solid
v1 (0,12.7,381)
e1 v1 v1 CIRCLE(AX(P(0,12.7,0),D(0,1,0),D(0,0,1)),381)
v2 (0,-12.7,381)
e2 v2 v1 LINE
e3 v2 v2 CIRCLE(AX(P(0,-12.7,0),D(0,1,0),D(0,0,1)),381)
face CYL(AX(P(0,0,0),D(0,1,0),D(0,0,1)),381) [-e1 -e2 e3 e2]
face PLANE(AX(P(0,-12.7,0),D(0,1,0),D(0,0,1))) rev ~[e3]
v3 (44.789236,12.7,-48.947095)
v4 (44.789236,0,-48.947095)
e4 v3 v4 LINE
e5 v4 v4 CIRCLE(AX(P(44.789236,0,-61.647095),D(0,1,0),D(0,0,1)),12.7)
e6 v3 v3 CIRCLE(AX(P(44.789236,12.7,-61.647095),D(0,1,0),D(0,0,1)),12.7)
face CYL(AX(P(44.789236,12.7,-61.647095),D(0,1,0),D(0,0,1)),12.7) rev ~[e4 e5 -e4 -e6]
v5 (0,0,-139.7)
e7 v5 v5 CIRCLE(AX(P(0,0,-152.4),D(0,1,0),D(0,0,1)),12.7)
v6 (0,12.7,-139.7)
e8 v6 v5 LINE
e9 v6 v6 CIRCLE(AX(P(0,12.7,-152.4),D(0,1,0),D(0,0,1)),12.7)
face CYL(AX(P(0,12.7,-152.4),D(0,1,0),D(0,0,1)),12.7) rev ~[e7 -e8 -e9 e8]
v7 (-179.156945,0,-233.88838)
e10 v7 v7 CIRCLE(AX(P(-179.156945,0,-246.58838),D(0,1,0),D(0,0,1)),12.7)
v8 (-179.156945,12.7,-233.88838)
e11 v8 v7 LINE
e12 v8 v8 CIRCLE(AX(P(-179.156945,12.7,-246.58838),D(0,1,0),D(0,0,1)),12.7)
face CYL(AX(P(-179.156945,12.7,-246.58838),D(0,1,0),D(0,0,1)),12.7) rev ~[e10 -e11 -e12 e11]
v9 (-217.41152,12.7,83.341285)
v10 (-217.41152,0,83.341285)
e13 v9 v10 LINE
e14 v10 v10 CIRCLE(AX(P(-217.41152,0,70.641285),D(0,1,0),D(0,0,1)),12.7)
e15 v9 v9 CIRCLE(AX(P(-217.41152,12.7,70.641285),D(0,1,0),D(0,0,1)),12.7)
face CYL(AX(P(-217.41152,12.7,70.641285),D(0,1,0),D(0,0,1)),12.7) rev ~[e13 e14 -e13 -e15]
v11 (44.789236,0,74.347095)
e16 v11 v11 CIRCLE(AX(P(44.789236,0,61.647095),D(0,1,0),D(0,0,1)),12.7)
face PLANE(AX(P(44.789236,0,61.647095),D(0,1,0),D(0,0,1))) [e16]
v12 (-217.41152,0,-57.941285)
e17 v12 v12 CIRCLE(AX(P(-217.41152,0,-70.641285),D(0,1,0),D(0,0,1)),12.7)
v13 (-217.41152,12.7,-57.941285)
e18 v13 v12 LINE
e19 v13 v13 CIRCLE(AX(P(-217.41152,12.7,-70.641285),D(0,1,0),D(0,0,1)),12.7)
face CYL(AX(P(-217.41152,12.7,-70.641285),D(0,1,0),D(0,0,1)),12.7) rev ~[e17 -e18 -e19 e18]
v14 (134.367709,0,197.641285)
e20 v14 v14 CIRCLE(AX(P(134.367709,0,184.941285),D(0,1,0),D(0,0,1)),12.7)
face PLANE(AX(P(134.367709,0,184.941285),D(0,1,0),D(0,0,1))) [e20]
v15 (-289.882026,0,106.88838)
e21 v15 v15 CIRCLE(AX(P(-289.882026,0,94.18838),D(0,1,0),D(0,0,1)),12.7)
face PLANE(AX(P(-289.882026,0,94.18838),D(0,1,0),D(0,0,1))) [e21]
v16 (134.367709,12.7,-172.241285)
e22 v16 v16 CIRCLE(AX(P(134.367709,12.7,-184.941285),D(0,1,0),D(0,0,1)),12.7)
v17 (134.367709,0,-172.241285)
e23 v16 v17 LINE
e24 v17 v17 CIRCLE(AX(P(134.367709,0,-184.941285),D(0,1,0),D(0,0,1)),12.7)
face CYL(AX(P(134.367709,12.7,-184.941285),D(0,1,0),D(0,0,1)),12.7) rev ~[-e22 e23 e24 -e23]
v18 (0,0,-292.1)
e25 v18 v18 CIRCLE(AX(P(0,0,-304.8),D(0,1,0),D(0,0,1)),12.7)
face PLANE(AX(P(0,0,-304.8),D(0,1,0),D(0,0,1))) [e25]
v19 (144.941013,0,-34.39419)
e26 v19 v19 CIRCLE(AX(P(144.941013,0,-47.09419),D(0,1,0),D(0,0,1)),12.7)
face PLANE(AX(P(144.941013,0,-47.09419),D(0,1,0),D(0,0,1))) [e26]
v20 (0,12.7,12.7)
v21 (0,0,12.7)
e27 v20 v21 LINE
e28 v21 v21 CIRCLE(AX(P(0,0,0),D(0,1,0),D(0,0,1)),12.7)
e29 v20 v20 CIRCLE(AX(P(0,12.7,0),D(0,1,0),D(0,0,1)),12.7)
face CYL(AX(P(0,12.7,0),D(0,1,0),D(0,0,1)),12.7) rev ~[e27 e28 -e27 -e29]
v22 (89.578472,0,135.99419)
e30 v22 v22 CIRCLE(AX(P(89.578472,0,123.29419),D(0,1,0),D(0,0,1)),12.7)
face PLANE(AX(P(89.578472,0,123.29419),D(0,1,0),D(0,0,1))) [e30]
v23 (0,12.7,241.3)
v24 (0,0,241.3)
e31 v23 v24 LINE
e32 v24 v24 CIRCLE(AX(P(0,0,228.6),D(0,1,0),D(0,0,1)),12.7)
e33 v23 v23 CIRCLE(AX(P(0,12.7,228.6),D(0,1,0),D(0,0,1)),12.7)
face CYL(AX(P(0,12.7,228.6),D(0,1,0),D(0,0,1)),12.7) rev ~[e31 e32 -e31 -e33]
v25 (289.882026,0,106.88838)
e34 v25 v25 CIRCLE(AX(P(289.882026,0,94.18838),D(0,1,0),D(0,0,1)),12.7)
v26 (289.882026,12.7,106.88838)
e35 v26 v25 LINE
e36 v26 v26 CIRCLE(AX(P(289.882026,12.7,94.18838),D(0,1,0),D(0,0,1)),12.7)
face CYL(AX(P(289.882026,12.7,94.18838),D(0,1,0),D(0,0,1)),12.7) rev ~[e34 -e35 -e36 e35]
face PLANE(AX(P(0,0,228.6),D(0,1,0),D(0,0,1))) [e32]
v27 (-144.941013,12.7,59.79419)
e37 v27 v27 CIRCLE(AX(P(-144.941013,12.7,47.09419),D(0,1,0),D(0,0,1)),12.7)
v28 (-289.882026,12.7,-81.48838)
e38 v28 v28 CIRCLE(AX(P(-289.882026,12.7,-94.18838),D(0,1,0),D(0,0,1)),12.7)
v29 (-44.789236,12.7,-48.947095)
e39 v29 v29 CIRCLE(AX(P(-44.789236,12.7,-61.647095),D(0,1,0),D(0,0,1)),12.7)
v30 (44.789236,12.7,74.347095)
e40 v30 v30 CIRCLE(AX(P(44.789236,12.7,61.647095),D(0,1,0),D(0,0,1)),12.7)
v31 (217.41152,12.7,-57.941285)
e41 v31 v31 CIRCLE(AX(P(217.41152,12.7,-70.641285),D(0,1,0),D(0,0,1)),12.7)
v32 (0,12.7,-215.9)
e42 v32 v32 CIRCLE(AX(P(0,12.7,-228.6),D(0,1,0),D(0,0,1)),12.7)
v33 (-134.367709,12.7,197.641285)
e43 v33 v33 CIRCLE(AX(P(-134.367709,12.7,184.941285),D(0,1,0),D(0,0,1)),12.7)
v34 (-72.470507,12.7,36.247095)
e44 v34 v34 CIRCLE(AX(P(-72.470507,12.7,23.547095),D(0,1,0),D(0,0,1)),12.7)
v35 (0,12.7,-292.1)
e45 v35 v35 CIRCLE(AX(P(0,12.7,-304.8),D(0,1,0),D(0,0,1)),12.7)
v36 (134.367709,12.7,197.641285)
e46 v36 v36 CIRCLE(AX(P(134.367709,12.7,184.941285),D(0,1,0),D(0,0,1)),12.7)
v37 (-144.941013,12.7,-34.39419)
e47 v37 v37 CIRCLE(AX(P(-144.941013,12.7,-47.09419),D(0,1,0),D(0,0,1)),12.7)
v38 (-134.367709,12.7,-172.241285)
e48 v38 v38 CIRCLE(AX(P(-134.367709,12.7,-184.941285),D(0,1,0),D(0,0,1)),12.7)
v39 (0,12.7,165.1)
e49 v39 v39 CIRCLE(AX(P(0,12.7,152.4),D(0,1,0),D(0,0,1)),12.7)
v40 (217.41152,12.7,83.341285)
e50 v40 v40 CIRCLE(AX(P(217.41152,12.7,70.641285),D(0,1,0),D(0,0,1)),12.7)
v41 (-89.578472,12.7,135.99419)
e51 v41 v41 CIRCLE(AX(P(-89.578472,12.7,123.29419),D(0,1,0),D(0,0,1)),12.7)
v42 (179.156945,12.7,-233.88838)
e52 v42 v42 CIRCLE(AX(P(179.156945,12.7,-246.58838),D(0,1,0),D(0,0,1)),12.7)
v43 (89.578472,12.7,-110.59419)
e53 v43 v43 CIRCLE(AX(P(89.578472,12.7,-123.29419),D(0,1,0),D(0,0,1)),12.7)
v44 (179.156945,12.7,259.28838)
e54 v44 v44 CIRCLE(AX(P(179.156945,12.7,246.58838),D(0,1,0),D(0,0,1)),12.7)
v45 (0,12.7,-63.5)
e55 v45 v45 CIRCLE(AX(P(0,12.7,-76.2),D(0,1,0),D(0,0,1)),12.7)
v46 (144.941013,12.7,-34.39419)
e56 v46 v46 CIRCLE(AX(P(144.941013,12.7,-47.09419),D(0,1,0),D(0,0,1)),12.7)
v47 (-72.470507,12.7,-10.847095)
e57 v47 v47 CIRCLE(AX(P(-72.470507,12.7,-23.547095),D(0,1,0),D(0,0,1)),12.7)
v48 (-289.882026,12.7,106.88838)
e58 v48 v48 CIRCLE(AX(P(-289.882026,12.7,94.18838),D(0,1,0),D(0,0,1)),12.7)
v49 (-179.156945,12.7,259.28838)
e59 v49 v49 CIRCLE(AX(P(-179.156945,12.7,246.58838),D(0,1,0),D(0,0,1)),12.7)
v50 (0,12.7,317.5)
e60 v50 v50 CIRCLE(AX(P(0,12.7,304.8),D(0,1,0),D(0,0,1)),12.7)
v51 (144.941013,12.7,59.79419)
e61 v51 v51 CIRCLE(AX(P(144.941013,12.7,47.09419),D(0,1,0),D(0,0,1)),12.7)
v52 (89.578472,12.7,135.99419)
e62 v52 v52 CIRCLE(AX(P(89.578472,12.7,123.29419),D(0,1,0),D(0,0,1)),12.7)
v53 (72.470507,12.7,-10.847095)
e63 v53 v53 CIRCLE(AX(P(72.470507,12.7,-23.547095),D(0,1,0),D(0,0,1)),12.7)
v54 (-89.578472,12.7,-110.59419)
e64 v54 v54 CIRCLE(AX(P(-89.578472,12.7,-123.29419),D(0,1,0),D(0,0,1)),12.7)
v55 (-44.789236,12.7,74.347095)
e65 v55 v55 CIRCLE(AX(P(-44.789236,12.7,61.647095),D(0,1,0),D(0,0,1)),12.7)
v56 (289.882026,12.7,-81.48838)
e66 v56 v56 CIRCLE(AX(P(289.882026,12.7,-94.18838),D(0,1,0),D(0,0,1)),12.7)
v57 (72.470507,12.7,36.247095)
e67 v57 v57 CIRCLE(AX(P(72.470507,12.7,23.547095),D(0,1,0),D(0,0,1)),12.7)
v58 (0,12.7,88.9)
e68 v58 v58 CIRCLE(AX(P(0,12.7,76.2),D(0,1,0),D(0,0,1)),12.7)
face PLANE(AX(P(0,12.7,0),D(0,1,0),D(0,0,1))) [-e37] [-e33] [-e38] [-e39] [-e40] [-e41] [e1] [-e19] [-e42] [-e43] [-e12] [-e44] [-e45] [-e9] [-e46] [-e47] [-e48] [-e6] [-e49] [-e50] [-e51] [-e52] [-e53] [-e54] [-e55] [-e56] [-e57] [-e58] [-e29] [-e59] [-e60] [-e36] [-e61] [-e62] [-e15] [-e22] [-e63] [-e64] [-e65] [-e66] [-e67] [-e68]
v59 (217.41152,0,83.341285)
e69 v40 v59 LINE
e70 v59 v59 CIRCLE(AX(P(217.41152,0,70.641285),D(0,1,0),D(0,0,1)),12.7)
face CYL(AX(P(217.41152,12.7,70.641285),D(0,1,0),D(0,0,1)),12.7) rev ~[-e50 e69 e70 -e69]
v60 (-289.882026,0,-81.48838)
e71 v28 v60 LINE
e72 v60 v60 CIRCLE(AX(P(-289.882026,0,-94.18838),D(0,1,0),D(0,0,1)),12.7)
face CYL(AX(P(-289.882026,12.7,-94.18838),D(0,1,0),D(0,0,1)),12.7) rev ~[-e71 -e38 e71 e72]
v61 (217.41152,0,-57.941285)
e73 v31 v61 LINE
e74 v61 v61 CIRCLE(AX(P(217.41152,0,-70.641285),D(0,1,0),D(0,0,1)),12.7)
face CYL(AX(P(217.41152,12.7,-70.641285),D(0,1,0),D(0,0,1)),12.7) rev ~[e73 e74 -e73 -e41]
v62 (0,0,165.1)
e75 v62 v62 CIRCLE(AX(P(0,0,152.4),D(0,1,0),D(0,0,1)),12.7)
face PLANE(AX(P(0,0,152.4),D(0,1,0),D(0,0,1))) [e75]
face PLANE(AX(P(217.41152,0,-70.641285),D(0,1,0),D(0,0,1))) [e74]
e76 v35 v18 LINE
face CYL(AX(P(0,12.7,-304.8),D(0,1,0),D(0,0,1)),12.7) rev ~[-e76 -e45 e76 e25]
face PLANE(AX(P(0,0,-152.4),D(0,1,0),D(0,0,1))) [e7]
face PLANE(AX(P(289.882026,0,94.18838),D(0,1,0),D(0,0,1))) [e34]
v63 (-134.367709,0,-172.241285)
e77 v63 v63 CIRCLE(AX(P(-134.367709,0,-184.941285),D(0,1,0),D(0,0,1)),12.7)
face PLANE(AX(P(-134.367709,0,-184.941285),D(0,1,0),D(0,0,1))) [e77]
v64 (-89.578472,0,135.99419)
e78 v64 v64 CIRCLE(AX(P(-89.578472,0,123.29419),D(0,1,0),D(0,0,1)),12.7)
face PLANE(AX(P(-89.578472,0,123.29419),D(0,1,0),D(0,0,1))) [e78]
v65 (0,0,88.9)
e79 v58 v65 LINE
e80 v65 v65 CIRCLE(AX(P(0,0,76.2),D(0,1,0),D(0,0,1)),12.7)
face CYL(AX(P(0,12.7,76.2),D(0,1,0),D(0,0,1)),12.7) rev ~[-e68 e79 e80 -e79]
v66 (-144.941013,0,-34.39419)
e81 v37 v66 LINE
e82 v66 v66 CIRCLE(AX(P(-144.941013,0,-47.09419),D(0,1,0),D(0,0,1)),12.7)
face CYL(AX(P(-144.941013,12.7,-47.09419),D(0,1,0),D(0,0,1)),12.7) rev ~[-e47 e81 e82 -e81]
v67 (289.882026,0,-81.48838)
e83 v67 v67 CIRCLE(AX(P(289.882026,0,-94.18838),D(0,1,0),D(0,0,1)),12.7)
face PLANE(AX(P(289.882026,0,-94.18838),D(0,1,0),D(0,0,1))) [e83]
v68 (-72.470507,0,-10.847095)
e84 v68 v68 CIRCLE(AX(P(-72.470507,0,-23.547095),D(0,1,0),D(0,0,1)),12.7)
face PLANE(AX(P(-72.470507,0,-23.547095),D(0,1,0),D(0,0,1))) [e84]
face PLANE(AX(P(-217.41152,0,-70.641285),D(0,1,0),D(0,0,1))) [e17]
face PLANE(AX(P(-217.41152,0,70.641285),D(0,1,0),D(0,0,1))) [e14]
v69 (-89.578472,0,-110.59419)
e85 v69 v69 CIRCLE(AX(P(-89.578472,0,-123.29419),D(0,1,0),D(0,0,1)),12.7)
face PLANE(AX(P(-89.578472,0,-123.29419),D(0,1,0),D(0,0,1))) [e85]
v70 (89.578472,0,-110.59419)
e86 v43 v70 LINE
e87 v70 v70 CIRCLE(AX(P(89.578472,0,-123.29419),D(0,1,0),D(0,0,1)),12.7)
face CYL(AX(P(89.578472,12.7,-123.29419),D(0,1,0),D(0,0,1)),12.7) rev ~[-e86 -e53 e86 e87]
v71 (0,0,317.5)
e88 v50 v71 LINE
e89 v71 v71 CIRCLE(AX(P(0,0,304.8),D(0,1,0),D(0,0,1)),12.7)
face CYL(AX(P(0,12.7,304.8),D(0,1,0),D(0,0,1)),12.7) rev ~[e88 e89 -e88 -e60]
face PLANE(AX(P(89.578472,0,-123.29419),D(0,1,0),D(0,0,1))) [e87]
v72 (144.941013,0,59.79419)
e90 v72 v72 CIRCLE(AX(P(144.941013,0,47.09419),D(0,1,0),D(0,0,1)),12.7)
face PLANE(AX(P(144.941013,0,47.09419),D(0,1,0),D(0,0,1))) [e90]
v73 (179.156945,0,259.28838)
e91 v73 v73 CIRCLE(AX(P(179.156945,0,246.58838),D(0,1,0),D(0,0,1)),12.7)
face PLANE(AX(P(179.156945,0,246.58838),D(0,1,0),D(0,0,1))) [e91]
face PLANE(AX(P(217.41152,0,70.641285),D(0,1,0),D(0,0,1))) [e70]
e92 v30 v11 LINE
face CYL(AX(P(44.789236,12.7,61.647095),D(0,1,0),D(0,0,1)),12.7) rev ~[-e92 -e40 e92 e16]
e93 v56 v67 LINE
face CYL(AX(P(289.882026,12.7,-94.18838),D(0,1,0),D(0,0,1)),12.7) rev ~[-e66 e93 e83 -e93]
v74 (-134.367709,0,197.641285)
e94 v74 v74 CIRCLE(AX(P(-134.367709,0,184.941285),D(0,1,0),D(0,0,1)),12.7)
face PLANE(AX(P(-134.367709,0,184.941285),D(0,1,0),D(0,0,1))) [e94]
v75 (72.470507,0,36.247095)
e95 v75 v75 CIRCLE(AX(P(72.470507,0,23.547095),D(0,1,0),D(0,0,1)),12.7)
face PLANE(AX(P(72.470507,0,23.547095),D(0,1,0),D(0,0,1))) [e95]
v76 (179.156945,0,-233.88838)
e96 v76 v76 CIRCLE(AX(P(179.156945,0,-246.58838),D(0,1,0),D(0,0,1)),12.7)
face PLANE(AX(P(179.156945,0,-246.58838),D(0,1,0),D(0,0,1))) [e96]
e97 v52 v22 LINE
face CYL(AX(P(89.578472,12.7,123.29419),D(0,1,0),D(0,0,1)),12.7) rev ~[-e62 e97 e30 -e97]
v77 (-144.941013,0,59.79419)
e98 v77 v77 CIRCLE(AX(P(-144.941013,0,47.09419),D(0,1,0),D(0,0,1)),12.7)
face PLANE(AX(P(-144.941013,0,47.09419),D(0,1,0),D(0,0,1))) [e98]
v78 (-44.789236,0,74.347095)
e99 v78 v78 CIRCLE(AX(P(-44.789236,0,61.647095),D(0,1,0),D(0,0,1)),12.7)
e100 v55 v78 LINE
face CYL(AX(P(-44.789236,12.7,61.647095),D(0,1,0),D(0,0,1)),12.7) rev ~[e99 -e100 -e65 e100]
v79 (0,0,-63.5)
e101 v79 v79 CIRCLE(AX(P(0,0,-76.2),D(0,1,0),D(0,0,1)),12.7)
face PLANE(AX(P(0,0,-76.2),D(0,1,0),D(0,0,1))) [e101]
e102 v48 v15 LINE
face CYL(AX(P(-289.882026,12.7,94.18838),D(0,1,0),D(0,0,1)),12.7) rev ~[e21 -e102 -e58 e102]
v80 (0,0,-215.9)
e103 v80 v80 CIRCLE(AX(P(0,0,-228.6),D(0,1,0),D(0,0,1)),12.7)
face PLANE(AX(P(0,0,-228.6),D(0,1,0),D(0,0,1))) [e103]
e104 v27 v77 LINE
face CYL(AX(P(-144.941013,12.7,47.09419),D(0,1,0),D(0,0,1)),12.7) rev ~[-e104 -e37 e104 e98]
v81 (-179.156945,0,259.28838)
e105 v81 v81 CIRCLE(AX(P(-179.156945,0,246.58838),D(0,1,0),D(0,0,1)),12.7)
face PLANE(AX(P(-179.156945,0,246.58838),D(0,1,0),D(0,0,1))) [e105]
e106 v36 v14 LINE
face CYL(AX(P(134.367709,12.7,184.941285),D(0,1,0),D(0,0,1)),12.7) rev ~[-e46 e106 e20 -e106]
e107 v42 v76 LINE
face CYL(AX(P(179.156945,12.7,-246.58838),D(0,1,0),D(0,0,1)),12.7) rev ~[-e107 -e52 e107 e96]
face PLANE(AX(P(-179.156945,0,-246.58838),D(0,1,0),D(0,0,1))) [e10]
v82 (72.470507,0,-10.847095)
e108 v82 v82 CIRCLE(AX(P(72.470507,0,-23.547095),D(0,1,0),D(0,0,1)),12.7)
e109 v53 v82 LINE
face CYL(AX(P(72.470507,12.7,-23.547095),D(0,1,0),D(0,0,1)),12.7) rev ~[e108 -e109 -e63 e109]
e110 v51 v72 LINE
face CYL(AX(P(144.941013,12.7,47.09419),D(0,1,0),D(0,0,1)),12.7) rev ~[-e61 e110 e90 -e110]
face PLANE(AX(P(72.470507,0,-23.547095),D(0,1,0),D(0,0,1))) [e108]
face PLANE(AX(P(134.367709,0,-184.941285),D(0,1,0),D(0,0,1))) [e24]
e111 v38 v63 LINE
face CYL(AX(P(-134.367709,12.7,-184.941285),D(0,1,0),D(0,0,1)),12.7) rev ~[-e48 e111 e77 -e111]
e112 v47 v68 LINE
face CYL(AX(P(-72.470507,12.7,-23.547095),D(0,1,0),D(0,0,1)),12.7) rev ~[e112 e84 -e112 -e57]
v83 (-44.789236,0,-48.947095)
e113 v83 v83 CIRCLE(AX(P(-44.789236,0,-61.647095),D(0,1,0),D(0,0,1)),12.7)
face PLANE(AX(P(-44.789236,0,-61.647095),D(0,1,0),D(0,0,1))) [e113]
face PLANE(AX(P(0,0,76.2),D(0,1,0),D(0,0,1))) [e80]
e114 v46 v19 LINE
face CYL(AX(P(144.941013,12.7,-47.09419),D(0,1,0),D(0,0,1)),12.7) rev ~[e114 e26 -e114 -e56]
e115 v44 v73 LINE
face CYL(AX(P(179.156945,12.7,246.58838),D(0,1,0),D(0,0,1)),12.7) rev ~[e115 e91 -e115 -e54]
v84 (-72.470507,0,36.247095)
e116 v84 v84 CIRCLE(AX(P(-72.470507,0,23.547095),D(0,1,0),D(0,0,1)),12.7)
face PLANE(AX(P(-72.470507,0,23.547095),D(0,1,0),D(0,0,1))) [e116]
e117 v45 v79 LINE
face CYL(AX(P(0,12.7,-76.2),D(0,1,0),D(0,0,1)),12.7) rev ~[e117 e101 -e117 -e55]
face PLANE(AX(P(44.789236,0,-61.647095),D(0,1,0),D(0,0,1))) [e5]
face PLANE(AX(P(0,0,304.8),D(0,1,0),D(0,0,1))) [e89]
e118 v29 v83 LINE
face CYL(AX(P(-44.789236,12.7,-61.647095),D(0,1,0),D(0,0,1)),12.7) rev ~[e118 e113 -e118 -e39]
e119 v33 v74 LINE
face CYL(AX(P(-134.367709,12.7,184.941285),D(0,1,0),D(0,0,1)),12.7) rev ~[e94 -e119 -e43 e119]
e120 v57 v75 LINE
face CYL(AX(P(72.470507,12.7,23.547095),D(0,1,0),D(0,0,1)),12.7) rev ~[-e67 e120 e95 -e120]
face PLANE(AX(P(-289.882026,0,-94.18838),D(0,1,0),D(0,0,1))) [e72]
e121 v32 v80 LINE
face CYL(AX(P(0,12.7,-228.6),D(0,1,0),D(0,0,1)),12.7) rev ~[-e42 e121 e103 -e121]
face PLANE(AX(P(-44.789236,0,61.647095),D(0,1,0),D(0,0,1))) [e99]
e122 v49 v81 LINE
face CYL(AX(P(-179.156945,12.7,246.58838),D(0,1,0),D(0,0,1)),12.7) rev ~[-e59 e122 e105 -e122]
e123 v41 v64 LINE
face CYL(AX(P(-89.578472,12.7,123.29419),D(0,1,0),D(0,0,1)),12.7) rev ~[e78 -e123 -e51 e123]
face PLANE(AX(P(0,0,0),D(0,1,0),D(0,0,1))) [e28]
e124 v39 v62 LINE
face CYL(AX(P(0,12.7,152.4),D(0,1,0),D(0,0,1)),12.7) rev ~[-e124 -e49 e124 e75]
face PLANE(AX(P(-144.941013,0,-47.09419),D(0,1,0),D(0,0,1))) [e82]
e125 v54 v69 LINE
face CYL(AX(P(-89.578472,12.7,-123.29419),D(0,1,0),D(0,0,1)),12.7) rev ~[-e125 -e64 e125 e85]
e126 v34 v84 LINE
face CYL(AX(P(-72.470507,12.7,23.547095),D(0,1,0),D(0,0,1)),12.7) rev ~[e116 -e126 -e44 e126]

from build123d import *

# Parameters (mm, degrees)
SKETCH1_R           = 381
BOSS_EXTRUDE1_DEPTH = 12.7
SKETCH2_R           = 12.7
CUT_EXTRUDE1_DEPTH  = 12.7


with BuildPart() as part:
    # Sketch1 → Boss-Extrude1 (new, symmetric)
    with BuildSketch(Plane(origin=(0, 0, 0), x_dir=(1, 0, 0), z_dir=(0, 1, 0))):
        with Locations(Location((0, 0, 0), (0, 0, 270))):
            Circle(SKETCH1_R)
    extrude(amount=BOSS_EXTRUDE1_DEPTH, both=True)

    # Sketch2 → Cut-Extrude1 (cut)
    with BuildSketch(Plane(origin=(0, 12.7, 0), x_dir=(1, 0, 0), z_dir=(0, 1, 0))):
        with Locations(Location((0, 304.8, 0), (0, 0, 270))):
            Circle(SKETCH2_R)
        with Locations(Location((-179.156944899, 246.588379885, 0), (0, 0, 270))):
            Circle(SKETCH2_R)
        with Locations(Location((-289.882026167, 94.188379885, 0), (0, 0, 270))):
            Circle(SKETCH2_R)
        with Locations(Location((-289.882026167, -94.188379886, 0), (0, 0, 270))):
            Circle(SKETCH2_R)
        with Locations(Location((-179.156944899, -246.588379886, 0), (0, 0, 270))):
            Circle(SKETCH2_R)
        with Locations(Location((0, -304.8, 0), (0, 0, 270))):
            Circle(SKETCH2_R)
        with Locations(Location((179.156944899, -246.588379885, 0), (0, 0, 270))):
            Circle(SKETCH2_R)
        with Locations(Location((289.882026167, -94.188379885, 0), (0, 0, 270))):
            Circle(SKETCH2_R)
        with Locations(Location((289.882026167, 94.188379886, 0), (0, 0, 270))):
            Circle(SKETCH2_R)
        with Locations(Location((179.156944899, 246.588379886, 0), (0, 0, 270))):
            Circle(SKETCH2_R)
        with Locations(Location((0, 228.6, 0), (0, 0, 270))):
            Circle(SKETCH2_R)
        with Locations(Location((0, 152.4, 0), (0, 0, 270))):
            Circle(SKETCH2_R)
        with Locations(Location((0, 76.2, 0), (0, 0, 270))):
            Circle(SKETCH2_R)
        with Locations(Location((0, 0, 0), (0, 0, 270))):
            Circle(SKETCH2_R)
        with Locations(Location((-134.367708674, 184.941284914, 0), (0, 0, 270))):
            Circle(SKETCH2_R)
        with Locations(Location((-89.578472449, 123.294189943, 0), (0, 0, 270))):
            Circle(SKETCH2_R)
        with Locations(Location((-44.789236225, 61.647094971, 0), (0, 0, 270))):
            Circle(SKETCH2_R)
        with Locations(Location((-217.411519625, 70.641284914, 0), (0, 0, 270))):
            Circle(SKETCH2_R)
        with Locations(Location((-144.941013083, 47.094189943, 0), (0, 0, 270))):
            Circle(SKETCH2_R)
        with Locations(Location((-72.470506542, 23.547094971, 0), (0, 0, 270))):
            Circle(SKETCH2_R)
        with Locations(Location((-217.411519625, -70.641284914, 0), (0, 0, 270))):
            Circle(SKETCH2_R)
        with Locations(Location((-144.941013083, -47.094189943, 0), (0, 0, 270))):
            Circle(SKETCH2_R)
        with Locations(Location((-72.470506542, -23.547094971, 0), (0, 0, 270))):
            Circle(SKETCH2_R)
        with Locations(Location((-134.367708674, -184.941284914, 0), (0, 0, 270))):
            Circle(SKETCH2_R)
        with Locations(Location((-89.578472449, -123.294189943, 0), (0, 0, 270))):
            Circle(SKETCH2_R)
        with Locations(Location((-44.789236225, -61.647094971, 0), (0, 0, 270))):
            Circle(SKETCH2_R)
        with Locations(Location((0, -228.6, 0), (0, 0, 270))):
            Circle(SKETCH2_R)
        with Locations(Location((0, -152.4, 0), (0, 0, 270))):
            Circle(SKETCH2_R)
        with Locations(Location((0, -76.2, 0), (0, 0, 270))):
            Circle(SKETCH2_R)
        with Locations(Location((134.367708674, -184.941284914, 0), (0, 0, 270))):
            Circle(SKETCH2_R)
        with Locations(Location((89.578472449, -123.294189943, 0), (0, 0, 270))):
            Circle(SKETCH2_R)
        with Locations(Location((44.789236225, -61.647094971, 0), (0, 0, 270))):
            Circle(SKETCH2_R)
        with Locations(Location((217.411519625, -70.641284914, 0), (0, 0, 270))):
            Circle(SKETCH2_R)
        with Locations(Location((144.941013083, -47.094189943, 0), (0, 0, 270))):
            Circle(SKETCH2_R)
        with Locations(Location((72.470506542, -23.547094971, 0), (0, 0, 270))):
            Circle(SKETCH2_R)
        with Locations(Location((217.411519625, 70.641284914, 0), (0, 0, 270))):
            Circle(SKETCH2_R)
        with Locations(Location((144.941013083, 47.094189943, 0), (0, 0, 270))):
            Circle(SKETCH2_R)
        with Locations(Location((72.470506542, 23.547094971, 0), (0, 0, 270))):
            Circle(SKETCH2_R)
        with Locations(Location((134.367708674, 184.941284914, 0), (0, 0, 270))):
            Circle(SKETCH2_R)
        with Locations(Location((89.578472449, 123.294189943, 0), (0, 0, 270))):
            Circle(SKETCH2_R)
        with Locations(Location((44.789236225, 61.647094971, 0), (0, 0, 270))):
            Circle(SKETCH2_R)
    extrude(amount=-CUT_EXTRUDE1_DEPTH, mode=Mode.SUBTRACT)


solid = part.part
